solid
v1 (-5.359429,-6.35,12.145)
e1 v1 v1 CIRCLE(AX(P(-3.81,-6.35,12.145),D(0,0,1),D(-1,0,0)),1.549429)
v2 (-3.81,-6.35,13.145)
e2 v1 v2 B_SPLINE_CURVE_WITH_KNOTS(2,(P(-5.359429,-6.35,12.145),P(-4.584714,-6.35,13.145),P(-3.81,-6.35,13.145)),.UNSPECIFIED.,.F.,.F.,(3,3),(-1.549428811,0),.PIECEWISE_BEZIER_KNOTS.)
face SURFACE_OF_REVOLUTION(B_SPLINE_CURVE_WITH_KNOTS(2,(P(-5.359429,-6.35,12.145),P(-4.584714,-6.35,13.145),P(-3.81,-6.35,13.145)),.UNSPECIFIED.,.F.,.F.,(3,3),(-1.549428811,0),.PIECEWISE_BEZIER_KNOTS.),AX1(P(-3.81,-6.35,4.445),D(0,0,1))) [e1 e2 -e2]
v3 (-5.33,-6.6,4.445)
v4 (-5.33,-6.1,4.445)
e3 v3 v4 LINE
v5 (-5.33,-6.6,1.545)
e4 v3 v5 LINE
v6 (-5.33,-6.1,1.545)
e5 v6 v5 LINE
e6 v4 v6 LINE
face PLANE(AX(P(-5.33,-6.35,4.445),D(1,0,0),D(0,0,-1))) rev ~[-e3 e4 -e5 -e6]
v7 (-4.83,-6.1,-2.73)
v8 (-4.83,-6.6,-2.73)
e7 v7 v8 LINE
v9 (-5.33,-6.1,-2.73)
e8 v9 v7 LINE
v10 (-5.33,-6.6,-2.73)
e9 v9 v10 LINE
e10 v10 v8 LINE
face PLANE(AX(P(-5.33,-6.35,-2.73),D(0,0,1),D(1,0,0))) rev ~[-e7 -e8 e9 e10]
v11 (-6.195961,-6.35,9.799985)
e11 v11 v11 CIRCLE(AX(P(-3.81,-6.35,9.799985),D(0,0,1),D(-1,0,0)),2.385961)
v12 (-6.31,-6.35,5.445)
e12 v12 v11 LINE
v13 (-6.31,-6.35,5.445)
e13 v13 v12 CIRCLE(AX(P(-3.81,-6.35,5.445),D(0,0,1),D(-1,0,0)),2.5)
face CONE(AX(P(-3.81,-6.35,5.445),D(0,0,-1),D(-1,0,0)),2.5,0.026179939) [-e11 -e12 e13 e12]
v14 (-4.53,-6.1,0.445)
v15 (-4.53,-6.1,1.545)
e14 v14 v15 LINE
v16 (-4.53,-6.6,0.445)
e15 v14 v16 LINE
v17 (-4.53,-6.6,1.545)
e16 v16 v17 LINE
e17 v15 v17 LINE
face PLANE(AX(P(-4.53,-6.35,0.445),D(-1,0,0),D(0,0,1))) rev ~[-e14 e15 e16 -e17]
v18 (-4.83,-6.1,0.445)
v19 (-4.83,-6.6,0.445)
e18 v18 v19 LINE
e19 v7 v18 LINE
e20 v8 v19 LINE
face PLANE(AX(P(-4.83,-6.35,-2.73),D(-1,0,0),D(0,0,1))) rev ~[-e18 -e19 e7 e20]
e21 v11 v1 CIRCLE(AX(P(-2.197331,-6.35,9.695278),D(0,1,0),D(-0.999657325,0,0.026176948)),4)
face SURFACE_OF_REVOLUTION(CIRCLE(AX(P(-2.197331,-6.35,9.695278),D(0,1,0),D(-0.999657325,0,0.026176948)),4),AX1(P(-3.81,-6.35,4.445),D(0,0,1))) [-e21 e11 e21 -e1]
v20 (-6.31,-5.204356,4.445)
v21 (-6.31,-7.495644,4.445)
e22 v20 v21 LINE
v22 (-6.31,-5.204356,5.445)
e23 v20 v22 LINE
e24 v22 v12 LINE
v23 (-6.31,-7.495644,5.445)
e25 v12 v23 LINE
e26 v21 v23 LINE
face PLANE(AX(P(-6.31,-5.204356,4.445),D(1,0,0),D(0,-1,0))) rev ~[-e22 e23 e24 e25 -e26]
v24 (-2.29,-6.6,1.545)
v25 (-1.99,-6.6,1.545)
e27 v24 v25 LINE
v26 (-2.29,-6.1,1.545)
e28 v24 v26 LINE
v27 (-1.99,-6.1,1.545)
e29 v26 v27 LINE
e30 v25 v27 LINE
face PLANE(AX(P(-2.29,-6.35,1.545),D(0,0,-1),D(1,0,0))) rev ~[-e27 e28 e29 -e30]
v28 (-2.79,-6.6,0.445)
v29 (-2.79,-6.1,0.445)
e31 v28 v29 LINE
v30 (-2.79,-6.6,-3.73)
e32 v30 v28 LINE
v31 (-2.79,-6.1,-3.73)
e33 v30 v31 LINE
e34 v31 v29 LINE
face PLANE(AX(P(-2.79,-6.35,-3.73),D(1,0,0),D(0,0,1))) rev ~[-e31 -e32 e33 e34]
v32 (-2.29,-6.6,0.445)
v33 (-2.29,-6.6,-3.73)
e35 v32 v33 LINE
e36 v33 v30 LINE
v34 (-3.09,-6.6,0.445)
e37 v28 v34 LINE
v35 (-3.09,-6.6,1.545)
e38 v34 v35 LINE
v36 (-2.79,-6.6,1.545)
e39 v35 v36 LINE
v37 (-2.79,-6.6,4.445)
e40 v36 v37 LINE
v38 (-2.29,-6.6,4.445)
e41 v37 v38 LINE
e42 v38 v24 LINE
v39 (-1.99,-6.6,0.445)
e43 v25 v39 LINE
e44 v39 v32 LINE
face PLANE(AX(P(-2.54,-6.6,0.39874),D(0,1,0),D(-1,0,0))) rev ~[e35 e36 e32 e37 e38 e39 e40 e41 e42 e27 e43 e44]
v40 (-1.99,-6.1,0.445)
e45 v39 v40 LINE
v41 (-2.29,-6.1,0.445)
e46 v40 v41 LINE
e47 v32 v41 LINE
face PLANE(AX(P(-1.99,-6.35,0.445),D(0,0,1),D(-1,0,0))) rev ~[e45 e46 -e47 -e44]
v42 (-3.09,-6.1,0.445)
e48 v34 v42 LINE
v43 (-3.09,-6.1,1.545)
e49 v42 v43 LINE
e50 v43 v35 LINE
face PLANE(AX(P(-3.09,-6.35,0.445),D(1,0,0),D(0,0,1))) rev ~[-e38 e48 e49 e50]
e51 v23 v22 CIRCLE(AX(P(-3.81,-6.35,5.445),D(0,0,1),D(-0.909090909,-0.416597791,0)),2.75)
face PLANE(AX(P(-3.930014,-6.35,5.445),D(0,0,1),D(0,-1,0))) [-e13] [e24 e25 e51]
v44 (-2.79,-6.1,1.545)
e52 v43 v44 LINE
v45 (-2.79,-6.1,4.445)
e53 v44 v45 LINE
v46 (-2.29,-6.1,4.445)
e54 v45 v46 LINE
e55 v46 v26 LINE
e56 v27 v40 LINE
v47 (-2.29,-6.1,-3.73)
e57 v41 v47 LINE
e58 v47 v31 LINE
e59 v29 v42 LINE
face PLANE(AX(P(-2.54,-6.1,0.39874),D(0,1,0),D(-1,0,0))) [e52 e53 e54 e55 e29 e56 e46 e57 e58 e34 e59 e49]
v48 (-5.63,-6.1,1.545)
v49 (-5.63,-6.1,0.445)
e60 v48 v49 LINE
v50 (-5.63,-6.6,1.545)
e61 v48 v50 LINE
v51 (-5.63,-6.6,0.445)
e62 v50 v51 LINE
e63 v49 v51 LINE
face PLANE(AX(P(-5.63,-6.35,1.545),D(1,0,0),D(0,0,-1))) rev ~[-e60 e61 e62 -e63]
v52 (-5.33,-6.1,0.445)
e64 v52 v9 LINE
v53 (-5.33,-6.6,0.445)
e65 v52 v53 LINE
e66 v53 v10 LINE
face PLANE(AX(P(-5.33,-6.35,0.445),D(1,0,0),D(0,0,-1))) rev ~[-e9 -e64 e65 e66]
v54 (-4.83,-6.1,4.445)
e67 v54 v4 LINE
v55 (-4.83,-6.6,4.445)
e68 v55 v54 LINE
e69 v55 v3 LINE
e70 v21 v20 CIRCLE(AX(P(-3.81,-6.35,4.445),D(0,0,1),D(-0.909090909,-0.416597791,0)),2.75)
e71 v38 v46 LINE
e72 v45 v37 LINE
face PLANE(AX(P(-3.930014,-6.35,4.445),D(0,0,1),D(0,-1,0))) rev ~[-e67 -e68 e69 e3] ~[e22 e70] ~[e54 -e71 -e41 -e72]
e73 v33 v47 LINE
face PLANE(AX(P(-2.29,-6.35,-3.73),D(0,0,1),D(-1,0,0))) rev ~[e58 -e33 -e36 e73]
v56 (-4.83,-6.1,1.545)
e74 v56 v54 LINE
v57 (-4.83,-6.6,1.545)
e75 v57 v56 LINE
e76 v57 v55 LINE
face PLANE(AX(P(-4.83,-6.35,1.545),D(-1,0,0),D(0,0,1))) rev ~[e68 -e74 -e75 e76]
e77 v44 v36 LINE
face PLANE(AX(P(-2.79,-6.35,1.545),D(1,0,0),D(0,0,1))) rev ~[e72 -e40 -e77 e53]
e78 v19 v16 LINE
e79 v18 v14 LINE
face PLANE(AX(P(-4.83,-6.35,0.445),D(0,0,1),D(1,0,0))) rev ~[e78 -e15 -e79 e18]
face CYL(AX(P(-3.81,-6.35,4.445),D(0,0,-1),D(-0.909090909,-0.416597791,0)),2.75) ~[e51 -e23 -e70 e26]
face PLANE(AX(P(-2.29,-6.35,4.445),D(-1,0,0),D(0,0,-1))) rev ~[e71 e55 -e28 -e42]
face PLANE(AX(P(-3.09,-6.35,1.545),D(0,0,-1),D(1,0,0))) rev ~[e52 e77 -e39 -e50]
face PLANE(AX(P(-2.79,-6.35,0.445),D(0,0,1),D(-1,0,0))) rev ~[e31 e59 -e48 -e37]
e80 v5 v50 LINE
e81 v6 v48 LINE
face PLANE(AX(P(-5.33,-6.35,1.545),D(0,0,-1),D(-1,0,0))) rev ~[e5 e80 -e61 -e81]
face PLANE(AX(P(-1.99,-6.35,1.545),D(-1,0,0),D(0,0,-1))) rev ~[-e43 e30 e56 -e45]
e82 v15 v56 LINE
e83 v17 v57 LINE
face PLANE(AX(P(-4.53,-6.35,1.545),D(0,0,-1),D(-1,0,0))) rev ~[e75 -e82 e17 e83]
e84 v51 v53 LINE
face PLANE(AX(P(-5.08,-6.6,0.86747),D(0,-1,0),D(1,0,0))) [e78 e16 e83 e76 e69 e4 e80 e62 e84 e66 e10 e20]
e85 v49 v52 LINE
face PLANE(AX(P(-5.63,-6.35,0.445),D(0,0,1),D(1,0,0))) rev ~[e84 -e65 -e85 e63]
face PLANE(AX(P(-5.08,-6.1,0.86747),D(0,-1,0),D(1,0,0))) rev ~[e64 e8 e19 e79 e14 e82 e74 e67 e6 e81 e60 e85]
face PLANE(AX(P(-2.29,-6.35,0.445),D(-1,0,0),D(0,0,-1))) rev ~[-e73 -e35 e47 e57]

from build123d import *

# Parameters (mm, degrees)
PAD002_DEPTH            = 1
PAD003_DEPTH            = 0.25
BODY001_PLACEMENT_ANGLE = 90


with BuildPart() as part:
    # Sketch003 → Pad002 (new body)
    with BuildSketch(Plane.XY):
        with BuildLine():
            ThreePointArc((1.1456439239, -2.4999999999), (0, 2.75), (-1.1456439239, -2.4999999999))
            Line((-1.1456439239, -2.5), (1.1456439239, -2.5))
        make_face()
    extrude(amount=PAD002_DEPTH)

    # Sketch004 → Revolution001 (revolve)
    with BuildSketch(Plane.YZ):
        with BuildLine():
            add(Edge.make_bspline(
                [(-1.5494288107, 7.7), (-0.7747144053, 8.7), (0, 8.7)],
                knots=[-1.5494288107, -1.5494288107, -1.5494288107, 0, 0, 0], degree=2))
            Line((0, 8.7), (0, 1))
            Line((0, 1), (-2.5, 1))
            Line((-2.5, 1), (-2.3859606946, 5.3549853739))
            ThreePointArc((-2.3859606946, 5.3549853739), (-2.1547940918, 6.5942362206), (-1.5494288107, 7.7))
        make_face()
    revolve(axis=Axis((0, 0, 0), (0, 0, 1)))

    # Sketch005 → Pad003 (join, symmetric)
    with BuildSketch(Plane.YZ):
        Polygon((-1.52, 0), (-1.52, -2.9), (-1.82, -2.9), (-1.82, -4), (-1.52, -4), (-1.52, -7.175), (-1.02, -7.175), (-1.02, -4), (-0.72, -4), (-0.72, -2.9), (-1.02, -2.9), (-1.02, 0), align=None)
        Polygon((1.02, 0), (1.52, 0), (1.52, -2.9), (1.82, -2.9), (1.82, -4), (1.52, -4), (1.52, -8.175), (1.02, -8.175), (1.02, -4), (0.72, -4), (0.72, -2.9), (1.02, -2.9), align=None)
    extrude(amount=PAD003_DEPTH, both=True)


with BuildPart() as part_1:
    # Body001 placement: moved
    add(part.part.moved(Location((-3.81, 6.35, 4.445))).rotate(Axis((-3.81, 6.35, 4.445), (0, 0, -1)), BODY001_PLACEMENT_ANGLE))


with BuildPart() as part_2:
    # Clone001 placement: moved
    add(part_1.part.moved(Location((0, -12.7, 0))))


solid = part_2.part
